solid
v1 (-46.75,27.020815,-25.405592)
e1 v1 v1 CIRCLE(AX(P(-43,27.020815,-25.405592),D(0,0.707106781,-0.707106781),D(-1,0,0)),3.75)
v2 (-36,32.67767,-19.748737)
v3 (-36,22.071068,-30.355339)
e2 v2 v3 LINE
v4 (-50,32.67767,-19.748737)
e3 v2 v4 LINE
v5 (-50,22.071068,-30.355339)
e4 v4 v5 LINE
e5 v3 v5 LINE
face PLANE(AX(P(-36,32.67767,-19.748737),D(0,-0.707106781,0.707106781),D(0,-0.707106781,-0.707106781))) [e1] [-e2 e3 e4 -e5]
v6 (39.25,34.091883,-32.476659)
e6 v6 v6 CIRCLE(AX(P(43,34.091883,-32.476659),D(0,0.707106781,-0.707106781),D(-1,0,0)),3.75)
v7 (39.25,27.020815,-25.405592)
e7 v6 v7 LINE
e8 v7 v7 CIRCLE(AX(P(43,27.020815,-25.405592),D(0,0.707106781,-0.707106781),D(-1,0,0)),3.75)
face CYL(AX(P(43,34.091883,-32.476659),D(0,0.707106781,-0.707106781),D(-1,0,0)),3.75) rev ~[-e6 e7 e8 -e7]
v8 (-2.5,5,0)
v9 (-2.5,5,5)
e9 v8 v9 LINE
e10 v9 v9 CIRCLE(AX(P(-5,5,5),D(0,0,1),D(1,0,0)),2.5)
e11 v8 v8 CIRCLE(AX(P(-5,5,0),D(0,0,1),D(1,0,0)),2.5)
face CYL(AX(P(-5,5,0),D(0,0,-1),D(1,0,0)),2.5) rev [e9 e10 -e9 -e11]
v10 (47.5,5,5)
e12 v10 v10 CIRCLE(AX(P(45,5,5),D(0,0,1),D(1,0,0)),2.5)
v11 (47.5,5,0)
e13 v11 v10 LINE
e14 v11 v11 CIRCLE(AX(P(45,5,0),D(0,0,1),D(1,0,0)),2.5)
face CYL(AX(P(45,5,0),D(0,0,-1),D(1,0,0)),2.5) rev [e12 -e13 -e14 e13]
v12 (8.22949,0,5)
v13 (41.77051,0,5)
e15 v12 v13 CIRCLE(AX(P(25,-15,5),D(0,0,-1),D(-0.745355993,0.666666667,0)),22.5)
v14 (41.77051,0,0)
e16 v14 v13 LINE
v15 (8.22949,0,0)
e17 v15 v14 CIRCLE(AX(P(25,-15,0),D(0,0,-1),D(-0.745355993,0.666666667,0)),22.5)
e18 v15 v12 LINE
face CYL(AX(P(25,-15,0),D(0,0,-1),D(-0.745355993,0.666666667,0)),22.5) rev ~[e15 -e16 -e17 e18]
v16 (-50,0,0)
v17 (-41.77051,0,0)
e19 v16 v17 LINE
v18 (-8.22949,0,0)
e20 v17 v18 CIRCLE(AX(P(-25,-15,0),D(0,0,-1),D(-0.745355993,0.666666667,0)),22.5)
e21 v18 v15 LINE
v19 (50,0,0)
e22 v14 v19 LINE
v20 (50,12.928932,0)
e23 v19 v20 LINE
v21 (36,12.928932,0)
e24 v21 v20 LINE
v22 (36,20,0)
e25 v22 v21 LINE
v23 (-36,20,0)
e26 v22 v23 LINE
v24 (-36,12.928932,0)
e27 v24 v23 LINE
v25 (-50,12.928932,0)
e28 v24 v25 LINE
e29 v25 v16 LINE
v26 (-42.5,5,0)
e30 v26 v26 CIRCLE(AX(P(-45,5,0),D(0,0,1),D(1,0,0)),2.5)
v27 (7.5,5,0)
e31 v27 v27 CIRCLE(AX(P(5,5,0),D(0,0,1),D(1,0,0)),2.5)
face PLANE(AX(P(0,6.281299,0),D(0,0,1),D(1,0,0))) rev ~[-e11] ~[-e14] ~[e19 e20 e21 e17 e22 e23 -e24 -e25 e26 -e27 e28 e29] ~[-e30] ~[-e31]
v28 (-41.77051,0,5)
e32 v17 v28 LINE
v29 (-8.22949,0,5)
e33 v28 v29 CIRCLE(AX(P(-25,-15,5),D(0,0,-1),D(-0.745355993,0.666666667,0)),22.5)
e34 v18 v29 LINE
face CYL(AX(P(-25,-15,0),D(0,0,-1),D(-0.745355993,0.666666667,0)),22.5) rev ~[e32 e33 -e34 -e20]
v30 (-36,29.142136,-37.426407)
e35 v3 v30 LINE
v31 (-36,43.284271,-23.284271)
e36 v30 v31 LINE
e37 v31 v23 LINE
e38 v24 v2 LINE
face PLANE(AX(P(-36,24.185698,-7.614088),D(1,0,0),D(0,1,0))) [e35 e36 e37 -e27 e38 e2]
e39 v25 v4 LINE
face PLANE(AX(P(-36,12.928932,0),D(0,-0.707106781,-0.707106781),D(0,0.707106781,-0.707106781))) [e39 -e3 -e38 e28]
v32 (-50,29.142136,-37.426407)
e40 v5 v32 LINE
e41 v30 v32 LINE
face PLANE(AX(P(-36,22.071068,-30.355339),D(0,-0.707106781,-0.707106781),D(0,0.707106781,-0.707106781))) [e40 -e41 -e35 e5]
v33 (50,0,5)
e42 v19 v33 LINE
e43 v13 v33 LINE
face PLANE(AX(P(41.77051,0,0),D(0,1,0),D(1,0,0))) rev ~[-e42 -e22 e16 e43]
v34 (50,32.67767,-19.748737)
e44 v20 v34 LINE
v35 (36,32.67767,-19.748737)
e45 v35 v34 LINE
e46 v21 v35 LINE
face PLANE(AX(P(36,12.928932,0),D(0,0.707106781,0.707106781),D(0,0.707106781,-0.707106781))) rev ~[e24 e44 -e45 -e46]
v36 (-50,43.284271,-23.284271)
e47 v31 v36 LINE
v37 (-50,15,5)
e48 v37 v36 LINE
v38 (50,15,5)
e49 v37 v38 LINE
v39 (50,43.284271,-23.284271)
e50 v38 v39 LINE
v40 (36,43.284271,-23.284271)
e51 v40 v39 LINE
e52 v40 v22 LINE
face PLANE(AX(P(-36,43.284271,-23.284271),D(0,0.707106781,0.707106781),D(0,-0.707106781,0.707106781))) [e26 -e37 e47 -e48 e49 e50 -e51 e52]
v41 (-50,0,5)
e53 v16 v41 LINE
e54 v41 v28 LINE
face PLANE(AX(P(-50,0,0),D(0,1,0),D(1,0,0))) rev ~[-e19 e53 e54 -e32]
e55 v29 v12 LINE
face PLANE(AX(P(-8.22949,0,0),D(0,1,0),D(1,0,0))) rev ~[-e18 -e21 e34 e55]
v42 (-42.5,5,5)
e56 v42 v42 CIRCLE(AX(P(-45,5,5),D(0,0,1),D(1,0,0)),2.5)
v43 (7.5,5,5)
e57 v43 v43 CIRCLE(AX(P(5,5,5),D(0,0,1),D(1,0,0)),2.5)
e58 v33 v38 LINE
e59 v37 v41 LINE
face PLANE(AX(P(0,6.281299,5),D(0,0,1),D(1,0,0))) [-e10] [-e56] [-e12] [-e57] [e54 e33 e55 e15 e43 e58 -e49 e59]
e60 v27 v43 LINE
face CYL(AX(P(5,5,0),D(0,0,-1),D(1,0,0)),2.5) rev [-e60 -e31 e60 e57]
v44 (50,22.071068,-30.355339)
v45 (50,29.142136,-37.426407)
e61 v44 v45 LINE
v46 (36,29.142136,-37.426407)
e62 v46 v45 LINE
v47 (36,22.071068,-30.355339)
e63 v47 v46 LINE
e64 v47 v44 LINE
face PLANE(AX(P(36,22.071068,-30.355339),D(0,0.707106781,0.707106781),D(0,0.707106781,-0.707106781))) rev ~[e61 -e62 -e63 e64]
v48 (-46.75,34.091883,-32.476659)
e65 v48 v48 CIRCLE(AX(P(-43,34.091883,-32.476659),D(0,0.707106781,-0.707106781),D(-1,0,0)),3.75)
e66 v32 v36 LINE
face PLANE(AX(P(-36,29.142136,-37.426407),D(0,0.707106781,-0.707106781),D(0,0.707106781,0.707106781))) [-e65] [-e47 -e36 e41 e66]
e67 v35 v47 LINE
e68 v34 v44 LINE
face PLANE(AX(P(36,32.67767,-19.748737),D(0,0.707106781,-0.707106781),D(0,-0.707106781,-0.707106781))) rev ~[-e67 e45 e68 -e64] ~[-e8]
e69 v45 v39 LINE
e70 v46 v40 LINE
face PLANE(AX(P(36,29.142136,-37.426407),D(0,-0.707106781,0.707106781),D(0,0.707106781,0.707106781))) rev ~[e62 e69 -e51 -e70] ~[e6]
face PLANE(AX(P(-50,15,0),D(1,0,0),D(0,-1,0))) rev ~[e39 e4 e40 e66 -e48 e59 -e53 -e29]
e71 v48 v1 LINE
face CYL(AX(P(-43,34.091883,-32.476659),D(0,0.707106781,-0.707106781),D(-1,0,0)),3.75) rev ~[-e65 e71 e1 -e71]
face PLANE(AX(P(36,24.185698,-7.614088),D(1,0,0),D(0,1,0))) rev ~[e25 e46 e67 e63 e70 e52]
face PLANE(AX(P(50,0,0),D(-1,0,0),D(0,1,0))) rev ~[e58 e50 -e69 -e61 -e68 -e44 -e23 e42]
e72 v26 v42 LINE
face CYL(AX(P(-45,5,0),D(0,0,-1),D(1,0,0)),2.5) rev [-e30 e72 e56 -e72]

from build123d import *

# Parameters (mm, degrees)
F0_R     = 2.5
F0_W     = 100
F0_H     = 5
F1_DEPTH = 5
F3_START = 36
F3_DEPTH = 14
F4_START = -36
F4_DEPTH = 14
F5_R     = 3.75
F6_DEPTH = 10
F8_DEPTH = 50


with BuildPart() as f1:
    # F0 (on Top) → F1 (new body)
    with BuildSketch(Plane.XY):
        with BuildLine():
            Line((50, 10), (-50, 10))
            Line((-50, 10), (-50, 0))
            Line((-50, 0), (-41.7705098312, 0))
            ThreePointArc((-41.7705098312, 0), (-25, 7.5), (-8.2294901688, 0))
            Line((-8.2294901688, 0), (8.2294901688, 0))
            ThreePointArc((8.2294901688, 0), (25, 7.5), (41.7705098312, 0))
            Line((41.7705098312, 0), (50, 0))
            Line((50, 0), (50, 10))
        make_face()
        with Locations((-45, 5)):
            Circle(F0_R, mode=Mode.SUBTRACT)
        with Locations((-5, 5)):
            Circle(F0_R, mode=Mode.SUBTRACT)
        with Locations((5, 5)):
            Circle(F0_R, mode=Mode.SUBTRACT)
        with Locations((45, 5)):
            Circle(F0_R, mode=Mode.SUBTRACT)
        with Locations((0, 12.5)):
            Rectangle(F0_W, F0_H)
    extrude(amount=F1_DEPTH)

    # F2 (on Right) → F3 (join)
    with BuildSketch(Plane.YZ.offset(F3_START)):
        Polygon((36.2132034356, -16.2132034356), (15, 5), (12.9289321881, 0), (32.6776695297, -19.7487373415), align=None)
        Polygon((43.2842712475, -23.2842712475), (36.2132034356, -16.2132034356), (32.6776695297, -19.7487373415), (22.0710678119, -30.3553390593), (29.1421356237, -37.4264068712), align=None)
    extrude(amount=F3_DEPTH)

    # F2 (on Right) → F4 (join)
    with BuildSketch(Plane.YZ.offset(F4_START)):
        Polygon((36.2132034356, -16.2132034356), (15, 5), (12.9289321881, 0), (32.6776695297, -19.7487373415), align=None)
        Polygon((43.2842712475, -23.2842712475), (36.2132034356, -16.2132034356), (32.6776695297, -19.7487373415), (22.0710678119, -30.3553390593), (29.1421356237, -37.4264068712), align=None)
    extrude(amount=-F4_DEPTH)

    # F5 (on face) → F6 (cut)
    with BuildSketch(Plane(origin=(0, 33.2842712475, -33.2842712475), x_dir=(-1, 0, 0), z_dir=(0, 0.7071067812, -0.7071067812))):
        with Locations((43, 1.1421356237)):
            Circle(F5_R)
        with Locations((-43, 1.1421356237)):
            Circle(F5_R)
    extrude(amount=-F6_DEPTH, mode=Mode.SUBTRACT)

    # F7 (on Right) → F8 (join, symmetric)
    with BuildSketch(Plane.YZ):
        Polygon((20, 0), (15, 5), (15, 0), align=None)
    extrude(amount=F8_DEPTH, both=True)


solid = f1.part
